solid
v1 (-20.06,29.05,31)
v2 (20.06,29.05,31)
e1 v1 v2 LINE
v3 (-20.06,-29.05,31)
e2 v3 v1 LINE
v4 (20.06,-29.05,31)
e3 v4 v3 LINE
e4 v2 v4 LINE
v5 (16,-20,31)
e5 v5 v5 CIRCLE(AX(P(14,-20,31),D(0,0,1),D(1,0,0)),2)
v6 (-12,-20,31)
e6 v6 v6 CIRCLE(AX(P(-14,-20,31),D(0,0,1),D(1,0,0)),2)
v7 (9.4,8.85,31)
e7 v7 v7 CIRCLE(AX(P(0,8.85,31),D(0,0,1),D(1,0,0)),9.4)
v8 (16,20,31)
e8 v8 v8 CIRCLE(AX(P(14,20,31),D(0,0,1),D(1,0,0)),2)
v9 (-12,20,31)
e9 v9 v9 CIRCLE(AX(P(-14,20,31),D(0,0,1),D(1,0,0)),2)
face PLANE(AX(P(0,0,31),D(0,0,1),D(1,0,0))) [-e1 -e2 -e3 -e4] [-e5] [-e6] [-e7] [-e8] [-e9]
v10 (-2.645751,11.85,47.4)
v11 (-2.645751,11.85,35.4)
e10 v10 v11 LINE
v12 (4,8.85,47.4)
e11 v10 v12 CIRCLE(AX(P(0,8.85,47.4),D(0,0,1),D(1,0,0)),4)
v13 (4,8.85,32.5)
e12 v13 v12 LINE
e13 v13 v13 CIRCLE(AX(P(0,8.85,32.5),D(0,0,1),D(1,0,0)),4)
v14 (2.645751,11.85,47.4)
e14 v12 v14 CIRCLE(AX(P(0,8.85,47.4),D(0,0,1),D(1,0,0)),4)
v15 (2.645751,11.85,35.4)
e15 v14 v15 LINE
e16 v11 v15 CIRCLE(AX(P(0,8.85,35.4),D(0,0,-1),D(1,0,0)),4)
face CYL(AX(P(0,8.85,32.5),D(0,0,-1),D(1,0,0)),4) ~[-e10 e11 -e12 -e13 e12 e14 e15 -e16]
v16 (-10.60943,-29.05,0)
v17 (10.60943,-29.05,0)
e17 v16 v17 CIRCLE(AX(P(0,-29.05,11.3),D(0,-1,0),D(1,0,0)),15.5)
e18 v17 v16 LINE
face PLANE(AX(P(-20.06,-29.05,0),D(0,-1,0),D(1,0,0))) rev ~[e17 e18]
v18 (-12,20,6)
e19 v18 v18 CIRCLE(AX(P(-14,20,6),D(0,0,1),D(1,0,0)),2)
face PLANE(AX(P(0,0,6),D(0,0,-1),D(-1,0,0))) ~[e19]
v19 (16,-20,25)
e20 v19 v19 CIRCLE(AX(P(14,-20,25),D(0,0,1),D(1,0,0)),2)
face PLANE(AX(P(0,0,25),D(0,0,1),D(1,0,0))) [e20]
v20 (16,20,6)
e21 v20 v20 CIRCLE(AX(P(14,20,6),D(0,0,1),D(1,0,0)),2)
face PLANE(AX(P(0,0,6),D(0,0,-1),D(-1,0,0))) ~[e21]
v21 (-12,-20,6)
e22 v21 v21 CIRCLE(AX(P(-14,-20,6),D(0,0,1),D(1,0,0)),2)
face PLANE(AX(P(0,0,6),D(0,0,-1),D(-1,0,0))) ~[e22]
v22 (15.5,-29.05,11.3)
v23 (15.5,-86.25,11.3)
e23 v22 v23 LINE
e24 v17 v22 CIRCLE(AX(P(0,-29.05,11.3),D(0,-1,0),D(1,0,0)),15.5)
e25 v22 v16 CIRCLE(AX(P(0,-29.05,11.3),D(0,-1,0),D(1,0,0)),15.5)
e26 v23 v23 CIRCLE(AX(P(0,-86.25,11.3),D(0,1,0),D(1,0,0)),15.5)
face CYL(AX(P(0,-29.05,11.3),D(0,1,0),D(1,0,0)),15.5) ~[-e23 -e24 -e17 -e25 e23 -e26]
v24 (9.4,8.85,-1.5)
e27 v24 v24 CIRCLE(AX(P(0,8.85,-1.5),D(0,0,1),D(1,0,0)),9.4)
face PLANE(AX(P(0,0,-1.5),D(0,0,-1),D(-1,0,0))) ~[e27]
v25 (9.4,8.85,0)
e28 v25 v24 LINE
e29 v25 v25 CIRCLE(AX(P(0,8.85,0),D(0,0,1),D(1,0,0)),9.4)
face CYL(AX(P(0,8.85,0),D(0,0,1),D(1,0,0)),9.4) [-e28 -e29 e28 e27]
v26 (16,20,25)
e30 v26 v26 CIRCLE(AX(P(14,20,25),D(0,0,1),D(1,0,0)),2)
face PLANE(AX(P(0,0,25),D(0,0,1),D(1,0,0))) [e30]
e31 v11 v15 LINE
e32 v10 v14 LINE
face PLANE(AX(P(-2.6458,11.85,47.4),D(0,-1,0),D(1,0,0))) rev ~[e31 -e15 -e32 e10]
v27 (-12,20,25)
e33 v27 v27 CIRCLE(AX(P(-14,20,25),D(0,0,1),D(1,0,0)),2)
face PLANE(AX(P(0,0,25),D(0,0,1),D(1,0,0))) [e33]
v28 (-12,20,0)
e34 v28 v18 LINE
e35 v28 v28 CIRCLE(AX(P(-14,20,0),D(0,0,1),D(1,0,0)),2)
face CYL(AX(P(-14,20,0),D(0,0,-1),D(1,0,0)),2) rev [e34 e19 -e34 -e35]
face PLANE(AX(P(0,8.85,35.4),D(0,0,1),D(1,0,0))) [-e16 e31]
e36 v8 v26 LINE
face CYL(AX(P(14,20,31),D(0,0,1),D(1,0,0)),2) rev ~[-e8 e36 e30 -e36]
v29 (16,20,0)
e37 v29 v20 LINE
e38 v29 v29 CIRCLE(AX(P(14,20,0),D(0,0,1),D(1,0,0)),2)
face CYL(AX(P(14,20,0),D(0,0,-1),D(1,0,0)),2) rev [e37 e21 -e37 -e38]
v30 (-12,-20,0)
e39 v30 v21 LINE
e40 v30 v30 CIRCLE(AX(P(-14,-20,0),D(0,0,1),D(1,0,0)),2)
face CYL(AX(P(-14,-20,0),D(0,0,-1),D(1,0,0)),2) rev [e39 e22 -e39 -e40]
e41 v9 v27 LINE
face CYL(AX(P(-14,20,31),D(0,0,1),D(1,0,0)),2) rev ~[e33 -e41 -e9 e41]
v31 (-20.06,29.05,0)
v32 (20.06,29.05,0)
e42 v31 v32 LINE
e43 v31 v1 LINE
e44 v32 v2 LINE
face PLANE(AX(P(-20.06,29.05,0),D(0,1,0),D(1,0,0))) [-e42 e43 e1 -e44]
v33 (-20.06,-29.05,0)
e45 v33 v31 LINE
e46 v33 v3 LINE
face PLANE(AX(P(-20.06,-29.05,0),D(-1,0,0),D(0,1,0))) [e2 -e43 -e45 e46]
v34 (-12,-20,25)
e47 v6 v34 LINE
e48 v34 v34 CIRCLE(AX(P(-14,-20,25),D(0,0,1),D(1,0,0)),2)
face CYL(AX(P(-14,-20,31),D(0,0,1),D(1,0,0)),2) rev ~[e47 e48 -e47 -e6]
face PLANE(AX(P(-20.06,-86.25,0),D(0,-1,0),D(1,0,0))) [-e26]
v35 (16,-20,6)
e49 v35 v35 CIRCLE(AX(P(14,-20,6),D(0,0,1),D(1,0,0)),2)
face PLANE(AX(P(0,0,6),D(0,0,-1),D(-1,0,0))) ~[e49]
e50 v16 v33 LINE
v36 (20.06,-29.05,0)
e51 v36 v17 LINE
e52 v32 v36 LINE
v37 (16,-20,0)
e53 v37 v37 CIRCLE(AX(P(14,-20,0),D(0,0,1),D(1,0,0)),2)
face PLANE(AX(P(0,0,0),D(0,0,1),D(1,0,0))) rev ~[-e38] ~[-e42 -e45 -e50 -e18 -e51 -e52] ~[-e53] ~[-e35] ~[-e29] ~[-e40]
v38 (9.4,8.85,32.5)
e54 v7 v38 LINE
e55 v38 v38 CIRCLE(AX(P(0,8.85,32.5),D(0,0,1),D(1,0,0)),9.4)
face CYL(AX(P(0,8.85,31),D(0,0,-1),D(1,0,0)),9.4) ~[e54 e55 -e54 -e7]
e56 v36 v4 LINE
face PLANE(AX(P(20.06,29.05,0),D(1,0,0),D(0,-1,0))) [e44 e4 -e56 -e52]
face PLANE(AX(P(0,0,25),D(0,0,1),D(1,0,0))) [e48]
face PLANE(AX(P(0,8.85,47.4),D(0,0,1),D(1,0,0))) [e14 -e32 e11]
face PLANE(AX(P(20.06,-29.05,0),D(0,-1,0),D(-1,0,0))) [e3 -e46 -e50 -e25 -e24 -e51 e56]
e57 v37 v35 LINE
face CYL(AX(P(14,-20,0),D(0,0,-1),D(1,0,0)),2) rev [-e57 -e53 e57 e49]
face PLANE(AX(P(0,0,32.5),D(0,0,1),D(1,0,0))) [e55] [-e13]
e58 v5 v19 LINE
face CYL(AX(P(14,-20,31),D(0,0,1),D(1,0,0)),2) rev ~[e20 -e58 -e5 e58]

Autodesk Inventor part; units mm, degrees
ref_plane "YZ Plane" through (0, 0, 0) normal (1, 0, 0) x (0, 1, 0)
ref_plane "XZ Plane" through (0, 0, 0) normal (0, 1, 0) x (-1, 0, 0)
sketch "Sketch1" plane through (0, 0, 0) normal (0, 0, 1) x (1, 0, 0)
  line L0 (20.06, -29.05) -> (-20.06, -29.05)
  line L1 (-20.06, -29.05) -> (-20.06, 29.05)
  line L2 (-20.06, 29.05) -> (20.06, 29.05)
  line L3 (20.06, 29.05) -> (20.06, -29.05)
  line L4 (20.06, -29.05) -> (-20.06, 29.05) construction
  line L5 (-20.06, -29.05) -> (20.06, 29.05) construction
  point P0 (0, 0)
  dimension "d0" = 40.12
  dimension "d1" = 58.1
extrude "Extrusion1" add sketch "Sketch1" along normal blind 31
sketch "Sketch2" plane through (0, 0, 31) normal (0, 0, 1) x (1, 0, 0)
  line L0 (0, 0) -> (0, 8.85) construction
  circle A0 centre (0, 8.85) radius 9.4
  line L1 (-20.06, -29.05) -> (20.06, -29.05) projected
  dimension "d4" = 18.8
  dimension "d5" = 37.9
extrude "Extrusion2" add sketch "Sketch2" along normal blind 1.5
sketch "Sketch3" plane through (0, 8.85, 32.5) normal (0, 0, 1) x (1, 0, 0)
  circle A0 centre (0, 0) radius 9.4 projected
  circle A1 centre (0, 0) radius 4
  point P0 (0, -8.85)
  dimension "d8" = 8
extrude "Extrusion3" add sketch "Sketch3" along normal blind 14.9 contours A1
sketch "Sketch4" plane through (0, 8.85, 47.4) normal (0, 0, 1) x (1, 0, 0)
  circle A0 centre (0, 0) radius 4 construction
  arc A1 (2.6458, 3) -> (-2.6458, 3) centre (0, 0) ccw
  line L0 (-2.6458, 3) -> (2.6458, 3)
  point P0 (0, -8.85)
  dimension "d11" = 7
extrude "Extrusion4" cut sketch "Sketch4" against normal blind 12
sketch "Sketch5" plane through (0, 0, 31) normal (0, 0, 1) x (1, 0, 0)
  circle A0 centre (0, 8.85) radius 9.4 construction
  line L0 (-20.06, -29.05) -> (20.06, -29.05) construction
  line L1 (20.06, -29.05) -> (20.06, 29.05) construction
  line L2 (20.06, 29.05) -> (-20.06, 29.05) construction
  line L3 (-20.06, 29.05) -> (-20.06, -29.05) construction
  line L4 (0, 29.05) -> (0, -29.05) construction
  line L5 (-20.06, -29.05) -> (20.06, -29.05) construction
  line L6 (14, -20) -> (-14, -20) construction
  line L7 (-14, -20) -> (-14, 20) construction
  line L8 (-14, 20) -> (14, 20) construction
  line L9 (14, 20) -> (14, -20) construction
  line L10 (14, -20) -> (-14, 20) construction
  line L11 (-14, -20) -> (14, 20) construction
  circle A1 centre (-14, 20) radius 2
  circle A2 centre (14, 20) radius 2
  circle A3 centre (14, -20) radius 2
  circle A4 centre (-14, -20) radius 2
  point P0 (0, 0)
  dimension "d14" = 28
  dimension "d15" = 40
  dimension "d16" = 4
extrude "Extrusion5" cut sketch "Sketch5" against normal blind 6
ref_plane "Work Plane1" through (0, 0, 15.5) normal (0, 0, 1) x (1, 0, 0)
mirror "Mirror1" about plane through (0, 0, 15.5) normal (0, 0, 1) of "Extrusion5", "Extrusion2"
sketch "Sketch6" plane through (-20.06, -29.05, 0) normal (0, -1, 0) x (1, 0, 0)
  line L0 (20.06, 0) -> (20.06, 11.3) construction
  circle A0 centre (20.06, 11.3) radius 15.5
  line L1 (40.12, 0) -> (0, 0) projected
  point P0 (20.06, -4.2)
  dimension "d19" = 31
  dimension "d20" = 4.2
extrude "Extrusion6" add sketch "Sketch6" along normal blind 57.2
properties part number "motor"
